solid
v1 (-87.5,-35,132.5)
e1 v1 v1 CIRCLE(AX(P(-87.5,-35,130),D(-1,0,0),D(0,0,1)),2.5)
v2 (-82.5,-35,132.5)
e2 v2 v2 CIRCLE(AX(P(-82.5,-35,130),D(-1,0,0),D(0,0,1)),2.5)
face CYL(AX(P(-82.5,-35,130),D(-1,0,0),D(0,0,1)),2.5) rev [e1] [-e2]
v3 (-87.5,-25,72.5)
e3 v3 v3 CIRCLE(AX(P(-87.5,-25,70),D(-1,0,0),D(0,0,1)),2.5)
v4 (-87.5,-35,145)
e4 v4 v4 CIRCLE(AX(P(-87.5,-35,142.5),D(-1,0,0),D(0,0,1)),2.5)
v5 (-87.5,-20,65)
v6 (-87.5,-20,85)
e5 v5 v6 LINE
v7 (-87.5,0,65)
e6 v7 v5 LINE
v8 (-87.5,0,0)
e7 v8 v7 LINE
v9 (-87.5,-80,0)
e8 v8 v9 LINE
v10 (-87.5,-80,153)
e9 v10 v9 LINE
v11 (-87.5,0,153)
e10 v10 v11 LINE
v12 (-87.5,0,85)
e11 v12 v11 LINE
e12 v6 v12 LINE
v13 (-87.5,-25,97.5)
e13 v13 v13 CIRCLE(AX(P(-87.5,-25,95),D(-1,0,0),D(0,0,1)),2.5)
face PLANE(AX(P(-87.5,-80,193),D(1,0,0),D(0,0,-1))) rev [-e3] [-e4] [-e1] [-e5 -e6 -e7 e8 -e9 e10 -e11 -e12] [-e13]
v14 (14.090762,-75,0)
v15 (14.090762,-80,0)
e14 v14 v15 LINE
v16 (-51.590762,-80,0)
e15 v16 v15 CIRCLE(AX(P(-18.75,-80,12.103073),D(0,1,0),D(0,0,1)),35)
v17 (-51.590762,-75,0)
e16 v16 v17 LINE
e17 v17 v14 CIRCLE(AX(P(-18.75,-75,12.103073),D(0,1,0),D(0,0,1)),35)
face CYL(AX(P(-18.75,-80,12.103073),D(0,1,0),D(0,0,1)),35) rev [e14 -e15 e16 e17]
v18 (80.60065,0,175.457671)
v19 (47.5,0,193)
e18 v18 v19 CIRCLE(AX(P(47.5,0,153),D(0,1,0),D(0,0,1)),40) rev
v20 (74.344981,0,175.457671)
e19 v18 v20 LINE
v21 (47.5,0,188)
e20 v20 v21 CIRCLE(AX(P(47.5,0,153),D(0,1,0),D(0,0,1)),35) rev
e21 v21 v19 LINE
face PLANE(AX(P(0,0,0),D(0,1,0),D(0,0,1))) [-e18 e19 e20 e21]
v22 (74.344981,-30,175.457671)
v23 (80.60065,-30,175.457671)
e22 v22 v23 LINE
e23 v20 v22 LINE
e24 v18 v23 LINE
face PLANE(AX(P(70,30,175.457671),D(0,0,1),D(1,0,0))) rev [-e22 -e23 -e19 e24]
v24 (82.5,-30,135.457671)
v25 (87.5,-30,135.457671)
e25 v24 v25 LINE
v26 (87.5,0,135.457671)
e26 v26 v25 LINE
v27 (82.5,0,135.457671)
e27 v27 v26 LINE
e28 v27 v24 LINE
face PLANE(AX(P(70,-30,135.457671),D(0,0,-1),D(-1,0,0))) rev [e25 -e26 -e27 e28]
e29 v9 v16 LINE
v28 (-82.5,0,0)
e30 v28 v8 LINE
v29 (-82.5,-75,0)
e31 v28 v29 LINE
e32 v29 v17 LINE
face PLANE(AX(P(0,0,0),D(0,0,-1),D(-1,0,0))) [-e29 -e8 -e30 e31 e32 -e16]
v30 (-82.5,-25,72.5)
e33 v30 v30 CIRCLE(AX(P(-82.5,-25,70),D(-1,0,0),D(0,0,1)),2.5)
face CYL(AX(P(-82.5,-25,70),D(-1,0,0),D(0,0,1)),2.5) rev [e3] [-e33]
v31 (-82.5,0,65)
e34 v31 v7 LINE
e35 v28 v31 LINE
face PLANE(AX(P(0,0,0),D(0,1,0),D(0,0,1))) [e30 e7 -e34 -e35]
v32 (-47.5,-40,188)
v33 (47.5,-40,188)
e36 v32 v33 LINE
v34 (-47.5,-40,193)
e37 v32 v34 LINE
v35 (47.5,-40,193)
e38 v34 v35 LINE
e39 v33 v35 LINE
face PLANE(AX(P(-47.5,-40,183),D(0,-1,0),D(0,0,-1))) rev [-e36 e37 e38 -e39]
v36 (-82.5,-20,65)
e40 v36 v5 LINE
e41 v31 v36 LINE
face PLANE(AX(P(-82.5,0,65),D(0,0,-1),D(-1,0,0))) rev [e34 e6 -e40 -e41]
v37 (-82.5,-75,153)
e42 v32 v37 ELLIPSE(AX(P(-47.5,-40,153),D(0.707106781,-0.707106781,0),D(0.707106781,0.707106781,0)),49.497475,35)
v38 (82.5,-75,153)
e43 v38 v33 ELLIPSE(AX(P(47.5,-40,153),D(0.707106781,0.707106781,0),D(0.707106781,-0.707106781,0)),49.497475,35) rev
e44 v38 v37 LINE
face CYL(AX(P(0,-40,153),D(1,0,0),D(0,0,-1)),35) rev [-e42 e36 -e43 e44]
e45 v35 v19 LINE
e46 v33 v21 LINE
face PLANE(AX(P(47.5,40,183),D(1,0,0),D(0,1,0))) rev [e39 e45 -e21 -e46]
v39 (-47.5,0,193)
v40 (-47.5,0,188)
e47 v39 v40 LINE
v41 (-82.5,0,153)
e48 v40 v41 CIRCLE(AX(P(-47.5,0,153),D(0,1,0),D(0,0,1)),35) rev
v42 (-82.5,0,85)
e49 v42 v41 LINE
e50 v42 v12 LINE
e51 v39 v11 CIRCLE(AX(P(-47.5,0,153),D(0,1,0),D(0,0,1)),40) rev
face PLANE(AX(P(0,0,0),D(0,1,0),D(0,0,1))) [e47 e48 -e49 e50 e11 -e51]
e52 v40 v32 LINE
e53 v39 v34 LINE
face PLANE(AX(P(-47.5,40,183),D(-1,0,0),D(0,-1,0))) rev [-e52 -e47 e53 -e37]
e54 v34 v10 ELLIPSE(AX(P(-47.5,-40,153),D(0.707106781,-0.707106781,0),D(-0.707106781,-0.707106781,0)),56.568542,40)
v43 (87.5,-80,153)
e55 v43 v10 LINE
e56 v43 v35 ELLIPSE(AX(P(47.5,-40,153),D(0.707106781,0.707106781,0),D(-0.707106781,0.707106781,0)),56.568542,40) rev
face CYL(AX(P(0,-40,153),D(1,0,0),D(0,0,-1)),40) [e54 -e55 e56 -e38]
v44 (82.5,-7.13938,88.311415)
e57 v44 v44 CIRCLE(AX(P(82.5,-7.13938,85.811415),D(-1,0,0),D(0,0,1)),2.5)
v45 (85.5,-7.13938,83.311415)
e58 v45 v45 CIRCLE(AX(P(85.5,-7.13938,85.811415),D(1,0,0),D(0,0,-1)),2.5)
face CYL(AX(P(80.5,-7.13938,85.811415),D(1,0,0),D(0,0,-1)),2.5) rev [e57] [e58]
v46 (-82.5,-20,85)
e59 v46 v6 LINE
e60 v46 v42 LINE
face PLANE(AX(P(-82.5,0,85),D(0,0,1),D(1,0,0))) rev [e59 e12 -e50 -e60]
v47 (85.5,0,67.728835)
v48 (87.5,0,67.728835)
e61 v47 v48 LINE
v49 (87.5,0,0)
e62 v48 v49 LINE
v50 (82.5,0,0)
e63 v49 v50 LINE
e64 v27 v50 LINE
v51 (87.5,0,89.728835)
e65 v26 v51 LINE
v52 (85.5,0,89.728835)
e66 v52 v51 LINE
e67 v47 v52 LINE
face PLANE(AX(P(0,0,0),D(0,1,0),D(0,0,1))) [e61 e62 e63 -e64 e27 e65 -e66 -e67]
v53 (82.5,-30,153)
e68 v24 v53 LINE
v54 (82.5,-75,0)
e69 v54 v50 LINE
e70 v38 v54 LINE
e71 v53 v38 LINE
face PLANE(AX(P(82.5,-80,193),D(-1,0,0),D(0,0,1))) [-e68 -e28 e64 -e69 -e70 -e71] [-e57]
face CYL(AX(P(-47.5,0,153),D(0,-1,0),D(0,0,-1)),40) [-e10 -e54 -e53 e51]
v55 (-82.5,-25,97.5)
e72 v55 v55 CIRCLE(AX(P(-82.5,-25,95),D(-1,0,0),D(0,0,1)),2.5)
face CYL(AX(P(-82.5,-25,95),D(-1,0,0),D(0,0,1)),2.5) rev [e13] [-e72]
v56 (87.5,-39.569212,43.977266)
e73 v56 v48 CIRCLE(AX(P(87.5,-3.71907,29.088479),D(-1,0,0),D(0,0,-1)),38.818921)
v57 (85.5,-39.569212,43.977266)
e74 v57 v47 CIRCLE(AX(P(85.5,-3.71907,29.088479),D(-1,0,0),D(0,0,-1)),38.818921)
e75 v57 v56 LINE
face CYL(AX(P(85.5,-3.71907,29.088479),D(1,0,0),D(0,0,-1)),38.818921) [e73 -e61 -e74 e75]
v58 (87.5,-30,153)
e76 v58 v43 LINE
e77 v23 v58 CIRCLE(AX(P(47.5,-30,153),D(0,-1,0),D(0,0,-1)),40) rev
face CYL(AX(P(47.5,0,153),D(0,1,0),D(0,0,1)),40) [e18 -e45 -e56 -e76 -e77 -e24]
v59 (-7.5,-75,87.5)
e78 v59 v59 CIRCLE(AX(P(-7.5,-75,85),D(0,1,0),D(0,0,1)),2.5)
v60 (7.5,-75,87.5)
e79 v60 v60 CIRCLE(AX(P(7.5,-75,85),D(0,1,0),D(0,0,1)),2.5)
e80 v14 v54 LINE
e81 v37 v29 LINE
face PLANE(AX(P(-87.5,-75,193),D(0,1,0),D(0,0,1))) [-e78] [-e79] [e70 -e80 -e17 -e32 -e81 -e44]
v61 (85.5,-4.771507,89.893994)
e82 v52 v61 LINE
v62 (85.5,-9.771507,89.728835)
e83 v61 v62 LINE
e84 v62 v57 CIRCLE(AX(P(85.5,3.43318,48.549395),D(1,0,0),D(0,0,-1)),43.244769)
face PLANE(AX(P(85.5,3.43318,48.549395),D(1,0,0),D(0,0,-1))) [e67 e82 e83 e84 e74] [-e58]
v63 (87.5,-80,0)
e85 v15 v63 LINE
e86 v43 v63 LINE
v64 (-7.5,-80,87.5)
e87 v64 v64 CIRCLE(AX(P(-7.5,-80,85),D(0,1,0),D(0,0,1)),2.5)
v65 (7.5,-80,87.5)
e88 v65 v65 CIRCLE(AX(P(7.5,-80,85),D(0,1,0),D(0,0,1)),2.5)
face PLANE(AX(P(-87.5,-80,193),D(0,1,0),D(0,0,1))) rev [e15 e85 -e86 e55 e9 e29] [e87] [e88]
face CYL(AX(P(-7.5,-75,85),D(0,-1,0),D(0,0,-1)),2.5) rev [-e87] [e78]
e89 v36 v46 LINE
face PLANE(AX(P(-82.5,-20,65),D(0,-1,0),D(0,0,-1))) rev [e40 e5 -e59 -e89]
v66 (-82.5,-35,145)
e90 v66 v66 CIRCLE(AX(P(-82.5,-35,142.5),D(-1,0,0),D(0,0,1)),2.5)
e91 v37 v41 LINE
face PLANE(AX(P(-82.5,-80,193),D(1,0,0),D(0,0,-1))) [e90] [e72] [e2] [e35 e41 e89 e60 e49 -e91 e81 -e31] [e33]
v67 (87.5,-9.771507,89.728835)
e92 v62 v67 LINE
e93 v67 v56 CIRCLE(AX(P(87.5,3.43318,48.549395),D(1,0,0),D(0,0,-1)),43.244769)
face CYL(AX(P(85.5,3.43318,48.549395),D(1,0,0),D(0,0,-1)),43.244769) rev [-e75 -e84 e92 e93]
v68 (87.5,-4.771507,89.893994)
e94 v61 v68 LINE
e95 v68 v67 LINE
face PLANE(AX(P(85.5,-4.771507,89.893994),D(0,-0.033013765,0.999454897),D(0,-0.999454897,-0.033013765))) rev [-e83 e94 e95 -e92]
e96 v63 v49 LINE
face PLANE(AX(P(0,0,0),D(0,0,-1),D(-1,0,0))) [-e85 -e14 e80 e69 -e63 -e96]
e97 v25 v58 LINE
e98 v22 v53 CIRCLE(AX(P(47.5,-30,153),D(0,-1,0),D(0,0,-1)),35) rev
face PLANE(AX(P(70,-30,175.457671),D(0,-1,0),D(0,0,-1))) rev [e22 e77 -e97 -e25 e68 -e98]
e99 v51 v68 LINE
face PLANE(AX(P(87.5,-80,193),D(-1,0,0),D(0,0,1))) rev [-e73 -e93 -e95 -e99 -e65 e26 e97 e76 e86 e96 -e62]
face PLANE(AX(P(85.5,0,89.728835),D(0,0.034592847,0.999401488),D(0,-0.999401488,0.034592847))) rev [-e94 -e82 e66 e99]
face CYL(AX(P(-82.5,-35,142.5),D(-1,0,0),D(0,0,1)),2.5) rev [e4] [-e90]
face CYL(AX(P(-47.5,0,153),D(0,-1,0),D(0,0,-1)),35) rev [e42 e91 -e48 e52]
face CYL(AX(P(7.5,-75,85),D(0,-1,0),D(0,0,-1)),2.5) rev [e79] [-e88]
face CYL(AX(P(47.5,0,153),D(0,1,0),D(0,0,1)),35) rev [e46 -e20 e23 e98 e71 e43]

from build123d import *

# Parameters (mm, degrees)
SKETCH_1_W           = 175
SKETCH_1_H           = 160
EXTRUDE_1_DEPTH      = 193
FILLET_8_R           = 40
SHELL_2_T            = -5
SKETCH_9_W           = 95
SKETCH_9_H           = 80
CUT_EXTRUDE_3_DEPTH  = 10
SKETCH_10_R          = 35
CUT_EXTRUDE_4_DEPTH  = 160
SKETCH_12_W          = 40
SKETCH_12_H          = 60
CUT_EXTRUDE_5_DEPTH  = 20
CUT_EXTRUDE_6_DEPTH  = 80
SKETCH_15_R          = 2.5
CUT_EXTRUDE_8_DEPTH  = 5
SKETCH_17_R          = 2.5
SKETCH_17_W          = 20
SKETCH_17_H          = 20
CUT_EXTRUDE_10_DEPTH = 5
CUT_EXTRUDE_11_DEPTH = 2
SKETCH_20_R          = 2.5
CUT_EXTRUDE_13_DEPTH = 5


with BuildPart() as part:
    # 草圖1 → 填料-伸長1 (new body)
    with BuildSketch(Plane.XY):
        Rectangle(SKETCH_1_W, SKETCH_1_H)
    extrude(amount=EXTRUDE_1_DEPTH)

    # 圓角8
    fillet_8_edges = [part.edges().sort_by_distance(p)[0] for p in [
        (-87.5, 0, 193),
        (0, -80, 193),
        (87.5, 0, 193),
        (0, 80, 193),
    ]]
    fillet(fillet_8_edges, radius=FILLET_8_R)

    # 薄殼2
    shell_2_openings = [part.faces().sort_by_distance(p)[0] for p in [
        (0, 0, 0),
    ]]
    offset(amount=SHELL_2_T, openings=shell_2_openings)

    # 草圖9 → 除料-伸長3 (cut)
    with BuildSketch(Plane.XY.offset(193)):
        Rectangle(SKETCH_9_W, SKETCH_9_H)
    extrude(amount=-CUT_EXTRUDE_3_DEPTH, mode=Mode.SUBTRACT)

    # 草圖10 → 除料-伸長4 (cut)
    with BuildSketch(Plane(origin=(0, 80, 0), x_dir=(1, 0, 0), z_dir=(0, 1, 0))):
        with Locations((-18.75, -12.103072957)):
            Circle(SKETCH_10_R)
    extrude(amount=-CUT_EXTRUDE_4_DEPTH, mode=Mode.SUBTRACT)

    # 草圖12 → 除料-伸長5 (cut)
    with BuildSketch(Plane(origin=(90, 0, 0), x_dir=(0, 0, -1), z_dir=(1, 0, 0))):
        with Locations((-155.457670656, 0)):
            Rectangle(SKETCH_12_W, SKETCH_12_H)
    extrude(amount=-CUT_EXTRUDE_5_DEPTH, mode=Mode.SUBTRACT)

    # 草圖4 → 除料-伸長6 (cut)
    with BuildSketch(Plane(origin=(0, 0, 0), x_dir=(1, 0, 0), z_dir=(0, 1, 0))):
        Polygon((0, -200), (-165, -200), (-165, 0), (110, 0), (110, -200), align=None)
    extrude(amount=CUT_EXTRUDE_6_DEPTH, mode=Mode.SUBTRACT)

    # 草圖15 → 除料-伸長8 (cut)
    with BuildSketch(Plane(origin=(0, -80, 0), x_dir=(1, 0, 0), z_dir=(0, 1, 0))):
        with Locations(Location((-7.5, -85, 0), (0, 0, 270))):
            Circle(SKETCH_15_R)
        with Locations(Location((7.5, -85, 0), (0, 0, 270))):
            Circle(SKETCH_15_R)
    extrude(amount=CUT_EXTRUDE_8_DEPTH, mode=Mode.SUBTRACT)

    # 草圖17 → 除料-伸長10 (cut)
    with BuildSketch(Plane.ZY.offset(87.5)):
        with Locations((130, -35)):
            Circle(SKETCH_17_R)
        with Locations((142.5, -35)):
            Circle(SKETCH_17_R)
        with Locations((70, -25)):
            Circle(SKETCH_17_R)
        with Locations((95, -25)):
            Circle(SKETCH_17_R)
        with Locations((75, -10)):
            Rectangle(SKETCH_17_W, SKETCH_17_H)
    extrude(amount=-CUT_EXTRUDE_10_DEPTH, mode=Mode.SUBTRACT)

    # 草圖18 → 除料-伸長11 (cut)
    with BuildSketch(Plane(origin=(87.5, 0, 0), x_dir=(0, 0, -1), z_dir=(1, 0, 0))):
        with BuildLine():
            Line((-89.728835328, 0), (-67.728835328, 0))
            ThreePointArc((-67.728835328, 0), (-62.3717018, -23.697451199), (-43.97726554, -39.569211896))
            ThreePointArc((-43.97726554, -39.569211896), (-72.150234213, -32.803686073), (-89.728835328, -9.771506706))
            Line((-89.728835328, -9.771506706), (-89.893994181, -4.771506706))
            Line((-89.893994181, -4.771506706), (-89.728835328, 0))
        make_face()
    extrude(amount=-CUT_EXTRUDE_11_DEPTH, mode=Mode.SUBTRACT)

    # 草圖20 → 除料-伸長13 (cut)
    with BuildSketch(Plane(origin=(85.5, 0, 0), x_dir=(0, 0, -1), z_dir=(1, 0, 0))):
        with Locations((-85.811414754, -7.139379624)):
            Circle(SKETCH_20_R)
    extrude(amount=-CUT_EXTRUDE_13_DEPTH, mode=Mode.SUBTRACT)


solid = part.part
